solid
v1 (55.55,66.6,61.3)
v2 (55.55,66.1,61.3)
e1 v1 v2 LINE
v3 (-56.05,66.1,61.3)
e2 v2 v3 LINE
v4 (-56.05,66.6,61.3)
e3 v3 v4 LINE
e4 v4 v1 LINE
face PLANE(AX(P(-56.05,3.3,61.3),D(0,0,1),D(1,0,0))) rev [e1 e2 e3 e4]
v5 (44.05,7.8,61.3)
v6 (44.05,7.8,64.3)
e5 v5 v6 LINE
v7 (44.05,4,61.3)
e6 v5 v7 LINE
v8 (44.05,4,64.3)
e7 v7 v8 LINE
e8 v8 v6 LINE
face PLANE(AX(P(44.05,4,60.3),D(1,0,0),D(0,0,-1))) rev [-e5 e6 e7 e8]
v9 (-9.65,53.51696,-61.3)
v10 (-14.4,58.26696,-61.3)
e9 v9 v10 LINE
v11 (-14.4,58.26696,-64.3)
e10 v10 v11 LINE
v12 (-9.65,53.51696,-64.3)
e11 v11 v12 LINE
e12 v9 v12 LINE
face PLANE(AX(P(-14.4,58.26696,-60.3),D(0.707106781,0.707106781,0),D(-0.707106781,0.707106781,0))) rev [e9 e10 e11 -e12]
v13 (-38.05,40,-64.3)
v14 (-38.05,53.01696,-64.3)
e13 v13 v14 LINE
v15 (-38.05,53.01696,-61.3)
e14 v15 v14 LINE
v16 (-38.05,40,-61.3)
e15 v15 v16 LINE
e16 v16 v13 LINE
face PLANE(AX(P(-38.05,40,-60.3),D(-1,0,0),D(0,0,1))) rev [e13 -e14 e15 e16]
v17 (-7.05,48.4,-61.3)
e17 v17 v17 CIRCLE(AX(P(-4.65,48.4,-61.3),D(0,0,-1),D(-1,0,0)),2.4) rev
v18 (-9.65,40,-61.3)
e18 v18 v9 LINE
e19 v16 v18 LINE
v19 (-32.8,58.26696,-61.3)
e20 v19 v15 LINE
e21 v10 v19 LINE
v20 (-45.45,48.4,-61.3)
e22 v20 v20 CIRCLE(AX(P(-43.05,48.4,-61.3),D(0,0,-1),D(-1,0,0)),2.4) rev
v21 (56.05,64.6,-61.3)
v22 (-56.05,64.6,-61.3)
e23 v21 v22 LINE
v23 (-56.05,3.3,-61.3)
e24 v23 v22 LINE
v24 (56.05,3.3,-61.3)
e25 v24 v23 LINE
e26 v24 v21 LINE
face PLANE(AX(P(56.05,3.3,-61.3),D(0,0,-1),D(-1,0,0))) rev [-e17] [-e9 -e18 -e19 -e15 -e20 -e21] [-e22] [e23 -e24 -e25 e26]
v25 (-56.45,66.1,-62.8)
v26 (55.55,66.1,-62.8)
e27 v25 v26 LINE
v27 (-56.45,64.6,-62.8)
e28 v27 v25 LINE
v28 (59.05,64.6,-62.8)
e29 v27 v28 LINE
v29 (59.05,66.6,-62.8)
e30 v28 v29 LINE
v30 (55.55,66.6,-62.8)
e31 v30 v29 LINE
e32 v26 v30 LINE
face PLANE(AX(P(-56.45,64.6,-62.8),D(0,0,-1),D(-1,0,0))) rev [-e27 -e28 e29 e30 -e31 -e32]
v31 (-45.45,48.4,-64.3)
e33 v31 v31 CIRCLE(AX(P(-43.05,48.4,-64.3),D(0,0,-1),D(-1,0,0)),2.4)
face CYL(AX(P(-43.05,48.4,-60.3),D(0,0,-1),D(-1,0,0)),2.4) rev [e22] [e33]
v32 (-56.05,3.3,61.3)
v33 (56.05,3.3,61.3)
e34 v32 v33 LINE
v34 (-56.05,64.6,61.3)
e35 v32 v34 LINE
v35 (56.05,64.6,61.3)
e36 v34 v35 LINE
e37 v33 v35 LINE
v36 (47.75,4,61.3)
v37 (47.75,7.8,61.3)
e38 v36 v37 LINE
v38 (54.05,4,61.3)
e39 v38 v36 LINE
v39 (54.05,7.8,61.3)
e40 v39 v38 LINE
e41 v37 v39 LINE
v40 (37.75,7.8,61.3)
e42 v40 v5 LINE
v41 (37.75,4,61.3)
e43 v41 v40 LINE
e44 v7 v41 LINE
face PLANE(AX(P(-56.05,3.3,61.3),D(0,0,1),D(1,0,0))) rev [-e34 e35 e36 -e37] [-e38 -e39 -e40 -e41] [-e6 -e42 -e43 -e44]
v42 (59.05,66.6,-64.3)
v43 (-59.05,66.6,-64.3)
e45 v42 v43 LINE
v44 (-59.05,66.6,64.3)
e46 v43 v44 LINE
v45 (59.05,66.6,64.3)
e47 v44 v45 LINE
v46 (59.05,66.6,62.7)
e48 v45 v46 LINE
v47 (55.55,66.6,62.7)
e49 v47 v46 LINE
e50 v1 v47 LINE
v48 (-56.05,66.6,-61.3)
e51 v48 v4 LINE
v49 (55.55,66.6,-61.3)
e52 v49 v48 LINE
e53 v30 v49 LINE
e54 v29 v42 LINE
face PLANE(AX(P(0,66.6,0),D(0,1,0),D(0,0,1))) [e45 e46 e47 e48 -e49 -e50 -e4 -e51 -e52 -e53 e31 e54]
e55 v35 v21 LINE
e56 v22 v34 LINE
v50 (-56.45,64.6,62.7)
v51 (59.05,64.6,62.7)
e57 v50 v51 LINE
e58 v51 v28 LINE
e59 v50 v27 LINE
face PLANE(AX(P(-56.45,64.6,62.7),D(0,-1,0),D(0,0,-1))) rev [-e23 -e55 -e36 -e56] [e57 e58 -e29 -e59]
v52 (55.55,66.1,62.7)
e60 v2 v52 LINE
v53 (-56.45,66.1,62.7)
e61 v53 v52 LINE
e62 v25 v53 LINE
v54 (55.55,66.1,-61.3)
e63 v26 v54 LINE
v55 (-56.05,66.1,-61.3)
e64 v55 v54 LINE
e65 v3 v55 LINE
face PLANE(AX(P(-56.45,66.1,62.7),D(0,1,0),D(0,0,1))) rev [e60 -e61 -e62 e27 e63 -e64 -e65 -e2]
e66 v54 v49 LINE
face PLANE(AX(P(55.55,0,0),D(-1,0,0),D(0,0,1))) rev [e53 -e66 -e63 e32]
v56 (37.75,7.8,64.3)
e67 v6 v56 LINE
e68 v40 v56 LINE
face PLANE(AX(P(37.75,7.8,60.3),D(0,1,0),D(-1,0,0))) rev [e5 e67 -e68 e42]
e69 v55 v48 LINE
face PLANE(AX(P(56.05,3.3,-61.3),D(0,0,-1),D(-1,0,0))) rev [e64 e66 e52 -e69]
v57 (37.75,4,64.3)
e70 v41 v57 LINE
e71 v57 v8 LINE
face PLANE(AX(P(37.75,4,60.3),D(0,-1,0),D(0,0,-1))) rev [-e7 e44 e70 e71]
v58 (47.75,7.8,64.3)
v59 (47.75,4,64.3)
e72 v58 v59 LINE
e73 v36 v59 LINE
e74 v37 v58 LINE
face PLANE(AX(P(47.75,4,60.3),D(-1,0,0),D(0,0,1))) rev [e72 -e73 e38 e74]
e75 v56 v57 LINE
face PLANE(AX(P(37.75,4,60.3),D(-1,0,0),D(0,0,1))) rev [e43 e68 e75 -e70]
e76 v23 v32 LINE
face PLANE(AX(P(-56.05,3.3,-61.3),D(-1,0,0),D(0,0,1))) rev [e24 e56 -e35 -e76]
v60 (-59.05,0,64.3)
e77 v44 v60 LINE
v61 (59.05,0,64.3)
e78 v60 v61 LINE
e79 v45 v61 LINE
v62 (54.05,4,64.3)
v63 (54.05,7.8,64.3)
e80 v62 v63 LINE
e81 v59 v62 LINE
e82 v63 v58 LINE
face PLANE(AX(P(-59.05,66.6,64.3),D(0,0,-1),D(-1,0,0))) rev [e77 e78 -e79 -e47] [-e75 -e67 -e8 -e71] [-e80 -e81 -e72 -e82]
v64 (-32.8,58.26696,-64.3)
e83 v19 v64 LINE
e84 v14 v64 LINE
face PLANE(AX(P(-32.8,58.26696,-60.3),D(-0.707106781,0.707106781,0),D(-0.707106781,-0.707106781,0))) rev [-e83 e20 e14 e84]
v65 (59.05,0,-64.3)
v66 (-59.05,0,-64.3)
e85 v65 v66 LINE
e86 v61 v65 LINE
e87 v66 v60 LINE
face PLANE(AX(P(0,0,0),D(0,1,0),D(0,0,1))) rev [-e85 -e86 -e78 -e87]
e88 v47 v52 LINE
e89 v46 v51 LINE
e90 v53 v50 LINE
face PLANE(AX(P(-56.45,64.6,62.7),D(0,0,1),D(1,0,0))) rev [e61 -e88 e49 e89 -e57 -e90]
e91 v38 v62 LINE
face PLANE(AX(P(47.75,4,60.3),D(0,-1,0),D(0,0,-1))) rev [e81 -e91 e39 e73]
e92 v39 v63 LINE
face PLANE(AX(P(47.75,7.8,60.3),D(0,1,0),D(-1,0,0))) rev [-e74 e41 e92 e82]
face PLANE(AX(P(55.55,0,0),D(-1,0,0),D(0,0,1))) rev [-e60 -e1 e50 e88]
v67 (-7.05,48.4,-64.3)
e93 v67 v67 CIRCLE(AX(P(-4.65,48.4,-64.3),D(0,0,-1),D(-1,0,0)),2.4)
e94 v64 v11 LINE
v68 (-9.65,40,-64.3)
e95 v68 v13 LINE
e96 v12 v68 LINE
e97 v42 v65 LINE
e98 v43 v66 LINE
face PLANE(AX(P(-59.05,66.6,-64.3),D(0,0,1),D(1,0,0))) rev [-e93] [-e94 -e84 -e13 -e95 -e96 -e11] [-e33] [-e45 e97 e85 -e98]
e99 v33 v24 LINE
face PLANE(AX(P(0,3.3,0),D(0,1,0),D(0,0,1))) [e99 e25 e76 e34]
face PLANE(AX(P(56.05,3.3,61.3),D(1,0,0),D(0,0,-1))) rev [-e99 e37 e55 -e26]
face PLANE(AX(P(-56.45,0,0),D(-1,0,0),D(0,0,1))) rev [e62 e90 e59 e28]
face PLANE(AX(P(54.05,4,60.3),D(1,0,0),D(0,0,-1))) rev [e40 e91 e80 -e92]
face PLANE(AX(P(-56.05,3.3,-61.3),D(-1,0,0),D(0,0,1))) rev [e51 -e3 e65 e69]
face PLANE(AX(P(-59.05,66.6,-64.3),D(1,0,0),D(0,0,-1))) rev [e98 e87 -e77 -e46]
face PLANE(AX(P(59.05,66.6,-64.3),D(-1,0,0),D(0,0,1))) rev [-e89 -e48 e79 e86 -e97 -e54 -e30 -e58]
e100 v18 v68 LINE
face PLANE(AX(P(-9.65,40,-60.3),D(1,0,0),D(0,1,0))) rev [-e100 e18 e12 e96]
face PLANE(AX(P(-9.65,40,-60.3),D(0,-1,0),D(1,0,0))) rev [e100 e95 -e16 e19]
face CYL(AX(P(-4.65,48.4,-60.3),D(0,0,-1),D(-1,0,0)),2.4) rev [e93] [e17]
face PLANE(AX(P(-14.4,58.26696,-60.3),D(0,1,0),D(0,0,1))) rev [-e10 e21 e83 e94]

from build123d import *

# Parameters (mm, degrees)
SKETCH1_W           = 118.1
SKETCH1_H           = 128.6
BOSS_EXTRUDE2_DEPTH = 66.6
SKETCH5_R           = 2.4
CUT_EXTRUDE2_DEPTH  = 4
SKETCH4_W           = 6.3
SKETCH4_H           = 3.8
CUT_EXTRUDE3_DEPTH  = 4
SKETCH6_W           = 112.1
SKETCH6_H           = 122.6
CUT_EXTRUDE4_DEPTH  = 63.3
SKETCH9_W           = 125.5
SKETCH9_H           = 1.5
CUT_EXTRUDE7_DEPTH  = 115.5
SKETCH10_W          = 125.5
SKETCH10_H          = 1
CUT_EXTRUDE8_DEPTH  = 3.5


with BuildPart() as part:
    # Sketch1 → Boss-Extrude2 (new body)
    with BuildSketch(Plane(origin=(0, 0, 0), x_dir=(1, 0, 0), z_dir=(0, 1, 0))):
        Rectangle(SKETCH1_W, SKETCH1_H)
    extrude(amount=BOSS_EXTRUDE2_DEPTH)

    # Sketch5 → Cut-Extrude2 (cut)
    with BuildSketch(Plane(origin=(0, 0, -64.3), x_dir=(-1, 0, 0), z_dir=(0, 0, -1))):
        with Locations((43.05, 48.4)):
            Circle(SKETCH5_R)
        with Locations((4.65, 48.4)):
            Circle(SKETCH5_R)
        Polygon((9.65, 40), (38.05, 40), (38.05, 53.016960095), (32.8, 58.266960095), (14.4, 58.266960095), (9.65, 53.516960095), align=None)
    extrude(amount=-CUT_EXTRUDE2_DEPTH, mode=Mode.SUBTRACT)

    # Sketch4 → Cut-Extrude3 (cut)
    with BuildSketch(Plane.XY.offset(64.3)):
        with Locations((50.9, 5.9)):
            Rectangle(SKETCH4_W, SKETCH4_H)
        with Locations((40.9, 5.9)):
            Rectangle(SKETCH4_W, SKETCH4_H)
    extrude(amount=-CUT_EXTRUDE3_DEPTH, mode=Mode.SUBTRACT)

    # Sketch6 → Cut-Extrude4 (cut)
    with BuildSketch(Plane(origin=(0, 66.6, 0), x_dir=(1, 0, 0), z_dir=(0, 1, 0))):
        Rectangle(SKETCH6_W, SKETCH6_H)
    extrude(amount=-CUT_EXTRUDE4_DEPTH, mode=Mode.SUBTRACT)

    # Sketch9 → Cut-Extrude7 (cut)
    with BuildSketch(Plane(origin=(59.05, 0, 0), x_dir=(0, 0, -1), z_dir=(1, 0, 0))):
        with Locations((0.05, 65.35)):
            Rectangle(SKETCH9_W, SKETCH9_H)
    extrude(amount=-CUT_EXTRUDE7_DEPTH, mode=Mode.SUBTRACT)

    # Sketch10 → Cut-Extrude8 (cut)
    with BuildSketch(Plane(origin=(59.05, 0, 0), x_dir=(0, 0, -1), z_dir=(1, 0, 0))):
        with Locations((0.05, 66.1)):
            Rectangle(SKETCH10_W, SKETCH10_H)
    extrude(amount=-CUT_EXTRUDE8_DEPTH, mode=Mode.SUBTRACT)


solid = part.part
